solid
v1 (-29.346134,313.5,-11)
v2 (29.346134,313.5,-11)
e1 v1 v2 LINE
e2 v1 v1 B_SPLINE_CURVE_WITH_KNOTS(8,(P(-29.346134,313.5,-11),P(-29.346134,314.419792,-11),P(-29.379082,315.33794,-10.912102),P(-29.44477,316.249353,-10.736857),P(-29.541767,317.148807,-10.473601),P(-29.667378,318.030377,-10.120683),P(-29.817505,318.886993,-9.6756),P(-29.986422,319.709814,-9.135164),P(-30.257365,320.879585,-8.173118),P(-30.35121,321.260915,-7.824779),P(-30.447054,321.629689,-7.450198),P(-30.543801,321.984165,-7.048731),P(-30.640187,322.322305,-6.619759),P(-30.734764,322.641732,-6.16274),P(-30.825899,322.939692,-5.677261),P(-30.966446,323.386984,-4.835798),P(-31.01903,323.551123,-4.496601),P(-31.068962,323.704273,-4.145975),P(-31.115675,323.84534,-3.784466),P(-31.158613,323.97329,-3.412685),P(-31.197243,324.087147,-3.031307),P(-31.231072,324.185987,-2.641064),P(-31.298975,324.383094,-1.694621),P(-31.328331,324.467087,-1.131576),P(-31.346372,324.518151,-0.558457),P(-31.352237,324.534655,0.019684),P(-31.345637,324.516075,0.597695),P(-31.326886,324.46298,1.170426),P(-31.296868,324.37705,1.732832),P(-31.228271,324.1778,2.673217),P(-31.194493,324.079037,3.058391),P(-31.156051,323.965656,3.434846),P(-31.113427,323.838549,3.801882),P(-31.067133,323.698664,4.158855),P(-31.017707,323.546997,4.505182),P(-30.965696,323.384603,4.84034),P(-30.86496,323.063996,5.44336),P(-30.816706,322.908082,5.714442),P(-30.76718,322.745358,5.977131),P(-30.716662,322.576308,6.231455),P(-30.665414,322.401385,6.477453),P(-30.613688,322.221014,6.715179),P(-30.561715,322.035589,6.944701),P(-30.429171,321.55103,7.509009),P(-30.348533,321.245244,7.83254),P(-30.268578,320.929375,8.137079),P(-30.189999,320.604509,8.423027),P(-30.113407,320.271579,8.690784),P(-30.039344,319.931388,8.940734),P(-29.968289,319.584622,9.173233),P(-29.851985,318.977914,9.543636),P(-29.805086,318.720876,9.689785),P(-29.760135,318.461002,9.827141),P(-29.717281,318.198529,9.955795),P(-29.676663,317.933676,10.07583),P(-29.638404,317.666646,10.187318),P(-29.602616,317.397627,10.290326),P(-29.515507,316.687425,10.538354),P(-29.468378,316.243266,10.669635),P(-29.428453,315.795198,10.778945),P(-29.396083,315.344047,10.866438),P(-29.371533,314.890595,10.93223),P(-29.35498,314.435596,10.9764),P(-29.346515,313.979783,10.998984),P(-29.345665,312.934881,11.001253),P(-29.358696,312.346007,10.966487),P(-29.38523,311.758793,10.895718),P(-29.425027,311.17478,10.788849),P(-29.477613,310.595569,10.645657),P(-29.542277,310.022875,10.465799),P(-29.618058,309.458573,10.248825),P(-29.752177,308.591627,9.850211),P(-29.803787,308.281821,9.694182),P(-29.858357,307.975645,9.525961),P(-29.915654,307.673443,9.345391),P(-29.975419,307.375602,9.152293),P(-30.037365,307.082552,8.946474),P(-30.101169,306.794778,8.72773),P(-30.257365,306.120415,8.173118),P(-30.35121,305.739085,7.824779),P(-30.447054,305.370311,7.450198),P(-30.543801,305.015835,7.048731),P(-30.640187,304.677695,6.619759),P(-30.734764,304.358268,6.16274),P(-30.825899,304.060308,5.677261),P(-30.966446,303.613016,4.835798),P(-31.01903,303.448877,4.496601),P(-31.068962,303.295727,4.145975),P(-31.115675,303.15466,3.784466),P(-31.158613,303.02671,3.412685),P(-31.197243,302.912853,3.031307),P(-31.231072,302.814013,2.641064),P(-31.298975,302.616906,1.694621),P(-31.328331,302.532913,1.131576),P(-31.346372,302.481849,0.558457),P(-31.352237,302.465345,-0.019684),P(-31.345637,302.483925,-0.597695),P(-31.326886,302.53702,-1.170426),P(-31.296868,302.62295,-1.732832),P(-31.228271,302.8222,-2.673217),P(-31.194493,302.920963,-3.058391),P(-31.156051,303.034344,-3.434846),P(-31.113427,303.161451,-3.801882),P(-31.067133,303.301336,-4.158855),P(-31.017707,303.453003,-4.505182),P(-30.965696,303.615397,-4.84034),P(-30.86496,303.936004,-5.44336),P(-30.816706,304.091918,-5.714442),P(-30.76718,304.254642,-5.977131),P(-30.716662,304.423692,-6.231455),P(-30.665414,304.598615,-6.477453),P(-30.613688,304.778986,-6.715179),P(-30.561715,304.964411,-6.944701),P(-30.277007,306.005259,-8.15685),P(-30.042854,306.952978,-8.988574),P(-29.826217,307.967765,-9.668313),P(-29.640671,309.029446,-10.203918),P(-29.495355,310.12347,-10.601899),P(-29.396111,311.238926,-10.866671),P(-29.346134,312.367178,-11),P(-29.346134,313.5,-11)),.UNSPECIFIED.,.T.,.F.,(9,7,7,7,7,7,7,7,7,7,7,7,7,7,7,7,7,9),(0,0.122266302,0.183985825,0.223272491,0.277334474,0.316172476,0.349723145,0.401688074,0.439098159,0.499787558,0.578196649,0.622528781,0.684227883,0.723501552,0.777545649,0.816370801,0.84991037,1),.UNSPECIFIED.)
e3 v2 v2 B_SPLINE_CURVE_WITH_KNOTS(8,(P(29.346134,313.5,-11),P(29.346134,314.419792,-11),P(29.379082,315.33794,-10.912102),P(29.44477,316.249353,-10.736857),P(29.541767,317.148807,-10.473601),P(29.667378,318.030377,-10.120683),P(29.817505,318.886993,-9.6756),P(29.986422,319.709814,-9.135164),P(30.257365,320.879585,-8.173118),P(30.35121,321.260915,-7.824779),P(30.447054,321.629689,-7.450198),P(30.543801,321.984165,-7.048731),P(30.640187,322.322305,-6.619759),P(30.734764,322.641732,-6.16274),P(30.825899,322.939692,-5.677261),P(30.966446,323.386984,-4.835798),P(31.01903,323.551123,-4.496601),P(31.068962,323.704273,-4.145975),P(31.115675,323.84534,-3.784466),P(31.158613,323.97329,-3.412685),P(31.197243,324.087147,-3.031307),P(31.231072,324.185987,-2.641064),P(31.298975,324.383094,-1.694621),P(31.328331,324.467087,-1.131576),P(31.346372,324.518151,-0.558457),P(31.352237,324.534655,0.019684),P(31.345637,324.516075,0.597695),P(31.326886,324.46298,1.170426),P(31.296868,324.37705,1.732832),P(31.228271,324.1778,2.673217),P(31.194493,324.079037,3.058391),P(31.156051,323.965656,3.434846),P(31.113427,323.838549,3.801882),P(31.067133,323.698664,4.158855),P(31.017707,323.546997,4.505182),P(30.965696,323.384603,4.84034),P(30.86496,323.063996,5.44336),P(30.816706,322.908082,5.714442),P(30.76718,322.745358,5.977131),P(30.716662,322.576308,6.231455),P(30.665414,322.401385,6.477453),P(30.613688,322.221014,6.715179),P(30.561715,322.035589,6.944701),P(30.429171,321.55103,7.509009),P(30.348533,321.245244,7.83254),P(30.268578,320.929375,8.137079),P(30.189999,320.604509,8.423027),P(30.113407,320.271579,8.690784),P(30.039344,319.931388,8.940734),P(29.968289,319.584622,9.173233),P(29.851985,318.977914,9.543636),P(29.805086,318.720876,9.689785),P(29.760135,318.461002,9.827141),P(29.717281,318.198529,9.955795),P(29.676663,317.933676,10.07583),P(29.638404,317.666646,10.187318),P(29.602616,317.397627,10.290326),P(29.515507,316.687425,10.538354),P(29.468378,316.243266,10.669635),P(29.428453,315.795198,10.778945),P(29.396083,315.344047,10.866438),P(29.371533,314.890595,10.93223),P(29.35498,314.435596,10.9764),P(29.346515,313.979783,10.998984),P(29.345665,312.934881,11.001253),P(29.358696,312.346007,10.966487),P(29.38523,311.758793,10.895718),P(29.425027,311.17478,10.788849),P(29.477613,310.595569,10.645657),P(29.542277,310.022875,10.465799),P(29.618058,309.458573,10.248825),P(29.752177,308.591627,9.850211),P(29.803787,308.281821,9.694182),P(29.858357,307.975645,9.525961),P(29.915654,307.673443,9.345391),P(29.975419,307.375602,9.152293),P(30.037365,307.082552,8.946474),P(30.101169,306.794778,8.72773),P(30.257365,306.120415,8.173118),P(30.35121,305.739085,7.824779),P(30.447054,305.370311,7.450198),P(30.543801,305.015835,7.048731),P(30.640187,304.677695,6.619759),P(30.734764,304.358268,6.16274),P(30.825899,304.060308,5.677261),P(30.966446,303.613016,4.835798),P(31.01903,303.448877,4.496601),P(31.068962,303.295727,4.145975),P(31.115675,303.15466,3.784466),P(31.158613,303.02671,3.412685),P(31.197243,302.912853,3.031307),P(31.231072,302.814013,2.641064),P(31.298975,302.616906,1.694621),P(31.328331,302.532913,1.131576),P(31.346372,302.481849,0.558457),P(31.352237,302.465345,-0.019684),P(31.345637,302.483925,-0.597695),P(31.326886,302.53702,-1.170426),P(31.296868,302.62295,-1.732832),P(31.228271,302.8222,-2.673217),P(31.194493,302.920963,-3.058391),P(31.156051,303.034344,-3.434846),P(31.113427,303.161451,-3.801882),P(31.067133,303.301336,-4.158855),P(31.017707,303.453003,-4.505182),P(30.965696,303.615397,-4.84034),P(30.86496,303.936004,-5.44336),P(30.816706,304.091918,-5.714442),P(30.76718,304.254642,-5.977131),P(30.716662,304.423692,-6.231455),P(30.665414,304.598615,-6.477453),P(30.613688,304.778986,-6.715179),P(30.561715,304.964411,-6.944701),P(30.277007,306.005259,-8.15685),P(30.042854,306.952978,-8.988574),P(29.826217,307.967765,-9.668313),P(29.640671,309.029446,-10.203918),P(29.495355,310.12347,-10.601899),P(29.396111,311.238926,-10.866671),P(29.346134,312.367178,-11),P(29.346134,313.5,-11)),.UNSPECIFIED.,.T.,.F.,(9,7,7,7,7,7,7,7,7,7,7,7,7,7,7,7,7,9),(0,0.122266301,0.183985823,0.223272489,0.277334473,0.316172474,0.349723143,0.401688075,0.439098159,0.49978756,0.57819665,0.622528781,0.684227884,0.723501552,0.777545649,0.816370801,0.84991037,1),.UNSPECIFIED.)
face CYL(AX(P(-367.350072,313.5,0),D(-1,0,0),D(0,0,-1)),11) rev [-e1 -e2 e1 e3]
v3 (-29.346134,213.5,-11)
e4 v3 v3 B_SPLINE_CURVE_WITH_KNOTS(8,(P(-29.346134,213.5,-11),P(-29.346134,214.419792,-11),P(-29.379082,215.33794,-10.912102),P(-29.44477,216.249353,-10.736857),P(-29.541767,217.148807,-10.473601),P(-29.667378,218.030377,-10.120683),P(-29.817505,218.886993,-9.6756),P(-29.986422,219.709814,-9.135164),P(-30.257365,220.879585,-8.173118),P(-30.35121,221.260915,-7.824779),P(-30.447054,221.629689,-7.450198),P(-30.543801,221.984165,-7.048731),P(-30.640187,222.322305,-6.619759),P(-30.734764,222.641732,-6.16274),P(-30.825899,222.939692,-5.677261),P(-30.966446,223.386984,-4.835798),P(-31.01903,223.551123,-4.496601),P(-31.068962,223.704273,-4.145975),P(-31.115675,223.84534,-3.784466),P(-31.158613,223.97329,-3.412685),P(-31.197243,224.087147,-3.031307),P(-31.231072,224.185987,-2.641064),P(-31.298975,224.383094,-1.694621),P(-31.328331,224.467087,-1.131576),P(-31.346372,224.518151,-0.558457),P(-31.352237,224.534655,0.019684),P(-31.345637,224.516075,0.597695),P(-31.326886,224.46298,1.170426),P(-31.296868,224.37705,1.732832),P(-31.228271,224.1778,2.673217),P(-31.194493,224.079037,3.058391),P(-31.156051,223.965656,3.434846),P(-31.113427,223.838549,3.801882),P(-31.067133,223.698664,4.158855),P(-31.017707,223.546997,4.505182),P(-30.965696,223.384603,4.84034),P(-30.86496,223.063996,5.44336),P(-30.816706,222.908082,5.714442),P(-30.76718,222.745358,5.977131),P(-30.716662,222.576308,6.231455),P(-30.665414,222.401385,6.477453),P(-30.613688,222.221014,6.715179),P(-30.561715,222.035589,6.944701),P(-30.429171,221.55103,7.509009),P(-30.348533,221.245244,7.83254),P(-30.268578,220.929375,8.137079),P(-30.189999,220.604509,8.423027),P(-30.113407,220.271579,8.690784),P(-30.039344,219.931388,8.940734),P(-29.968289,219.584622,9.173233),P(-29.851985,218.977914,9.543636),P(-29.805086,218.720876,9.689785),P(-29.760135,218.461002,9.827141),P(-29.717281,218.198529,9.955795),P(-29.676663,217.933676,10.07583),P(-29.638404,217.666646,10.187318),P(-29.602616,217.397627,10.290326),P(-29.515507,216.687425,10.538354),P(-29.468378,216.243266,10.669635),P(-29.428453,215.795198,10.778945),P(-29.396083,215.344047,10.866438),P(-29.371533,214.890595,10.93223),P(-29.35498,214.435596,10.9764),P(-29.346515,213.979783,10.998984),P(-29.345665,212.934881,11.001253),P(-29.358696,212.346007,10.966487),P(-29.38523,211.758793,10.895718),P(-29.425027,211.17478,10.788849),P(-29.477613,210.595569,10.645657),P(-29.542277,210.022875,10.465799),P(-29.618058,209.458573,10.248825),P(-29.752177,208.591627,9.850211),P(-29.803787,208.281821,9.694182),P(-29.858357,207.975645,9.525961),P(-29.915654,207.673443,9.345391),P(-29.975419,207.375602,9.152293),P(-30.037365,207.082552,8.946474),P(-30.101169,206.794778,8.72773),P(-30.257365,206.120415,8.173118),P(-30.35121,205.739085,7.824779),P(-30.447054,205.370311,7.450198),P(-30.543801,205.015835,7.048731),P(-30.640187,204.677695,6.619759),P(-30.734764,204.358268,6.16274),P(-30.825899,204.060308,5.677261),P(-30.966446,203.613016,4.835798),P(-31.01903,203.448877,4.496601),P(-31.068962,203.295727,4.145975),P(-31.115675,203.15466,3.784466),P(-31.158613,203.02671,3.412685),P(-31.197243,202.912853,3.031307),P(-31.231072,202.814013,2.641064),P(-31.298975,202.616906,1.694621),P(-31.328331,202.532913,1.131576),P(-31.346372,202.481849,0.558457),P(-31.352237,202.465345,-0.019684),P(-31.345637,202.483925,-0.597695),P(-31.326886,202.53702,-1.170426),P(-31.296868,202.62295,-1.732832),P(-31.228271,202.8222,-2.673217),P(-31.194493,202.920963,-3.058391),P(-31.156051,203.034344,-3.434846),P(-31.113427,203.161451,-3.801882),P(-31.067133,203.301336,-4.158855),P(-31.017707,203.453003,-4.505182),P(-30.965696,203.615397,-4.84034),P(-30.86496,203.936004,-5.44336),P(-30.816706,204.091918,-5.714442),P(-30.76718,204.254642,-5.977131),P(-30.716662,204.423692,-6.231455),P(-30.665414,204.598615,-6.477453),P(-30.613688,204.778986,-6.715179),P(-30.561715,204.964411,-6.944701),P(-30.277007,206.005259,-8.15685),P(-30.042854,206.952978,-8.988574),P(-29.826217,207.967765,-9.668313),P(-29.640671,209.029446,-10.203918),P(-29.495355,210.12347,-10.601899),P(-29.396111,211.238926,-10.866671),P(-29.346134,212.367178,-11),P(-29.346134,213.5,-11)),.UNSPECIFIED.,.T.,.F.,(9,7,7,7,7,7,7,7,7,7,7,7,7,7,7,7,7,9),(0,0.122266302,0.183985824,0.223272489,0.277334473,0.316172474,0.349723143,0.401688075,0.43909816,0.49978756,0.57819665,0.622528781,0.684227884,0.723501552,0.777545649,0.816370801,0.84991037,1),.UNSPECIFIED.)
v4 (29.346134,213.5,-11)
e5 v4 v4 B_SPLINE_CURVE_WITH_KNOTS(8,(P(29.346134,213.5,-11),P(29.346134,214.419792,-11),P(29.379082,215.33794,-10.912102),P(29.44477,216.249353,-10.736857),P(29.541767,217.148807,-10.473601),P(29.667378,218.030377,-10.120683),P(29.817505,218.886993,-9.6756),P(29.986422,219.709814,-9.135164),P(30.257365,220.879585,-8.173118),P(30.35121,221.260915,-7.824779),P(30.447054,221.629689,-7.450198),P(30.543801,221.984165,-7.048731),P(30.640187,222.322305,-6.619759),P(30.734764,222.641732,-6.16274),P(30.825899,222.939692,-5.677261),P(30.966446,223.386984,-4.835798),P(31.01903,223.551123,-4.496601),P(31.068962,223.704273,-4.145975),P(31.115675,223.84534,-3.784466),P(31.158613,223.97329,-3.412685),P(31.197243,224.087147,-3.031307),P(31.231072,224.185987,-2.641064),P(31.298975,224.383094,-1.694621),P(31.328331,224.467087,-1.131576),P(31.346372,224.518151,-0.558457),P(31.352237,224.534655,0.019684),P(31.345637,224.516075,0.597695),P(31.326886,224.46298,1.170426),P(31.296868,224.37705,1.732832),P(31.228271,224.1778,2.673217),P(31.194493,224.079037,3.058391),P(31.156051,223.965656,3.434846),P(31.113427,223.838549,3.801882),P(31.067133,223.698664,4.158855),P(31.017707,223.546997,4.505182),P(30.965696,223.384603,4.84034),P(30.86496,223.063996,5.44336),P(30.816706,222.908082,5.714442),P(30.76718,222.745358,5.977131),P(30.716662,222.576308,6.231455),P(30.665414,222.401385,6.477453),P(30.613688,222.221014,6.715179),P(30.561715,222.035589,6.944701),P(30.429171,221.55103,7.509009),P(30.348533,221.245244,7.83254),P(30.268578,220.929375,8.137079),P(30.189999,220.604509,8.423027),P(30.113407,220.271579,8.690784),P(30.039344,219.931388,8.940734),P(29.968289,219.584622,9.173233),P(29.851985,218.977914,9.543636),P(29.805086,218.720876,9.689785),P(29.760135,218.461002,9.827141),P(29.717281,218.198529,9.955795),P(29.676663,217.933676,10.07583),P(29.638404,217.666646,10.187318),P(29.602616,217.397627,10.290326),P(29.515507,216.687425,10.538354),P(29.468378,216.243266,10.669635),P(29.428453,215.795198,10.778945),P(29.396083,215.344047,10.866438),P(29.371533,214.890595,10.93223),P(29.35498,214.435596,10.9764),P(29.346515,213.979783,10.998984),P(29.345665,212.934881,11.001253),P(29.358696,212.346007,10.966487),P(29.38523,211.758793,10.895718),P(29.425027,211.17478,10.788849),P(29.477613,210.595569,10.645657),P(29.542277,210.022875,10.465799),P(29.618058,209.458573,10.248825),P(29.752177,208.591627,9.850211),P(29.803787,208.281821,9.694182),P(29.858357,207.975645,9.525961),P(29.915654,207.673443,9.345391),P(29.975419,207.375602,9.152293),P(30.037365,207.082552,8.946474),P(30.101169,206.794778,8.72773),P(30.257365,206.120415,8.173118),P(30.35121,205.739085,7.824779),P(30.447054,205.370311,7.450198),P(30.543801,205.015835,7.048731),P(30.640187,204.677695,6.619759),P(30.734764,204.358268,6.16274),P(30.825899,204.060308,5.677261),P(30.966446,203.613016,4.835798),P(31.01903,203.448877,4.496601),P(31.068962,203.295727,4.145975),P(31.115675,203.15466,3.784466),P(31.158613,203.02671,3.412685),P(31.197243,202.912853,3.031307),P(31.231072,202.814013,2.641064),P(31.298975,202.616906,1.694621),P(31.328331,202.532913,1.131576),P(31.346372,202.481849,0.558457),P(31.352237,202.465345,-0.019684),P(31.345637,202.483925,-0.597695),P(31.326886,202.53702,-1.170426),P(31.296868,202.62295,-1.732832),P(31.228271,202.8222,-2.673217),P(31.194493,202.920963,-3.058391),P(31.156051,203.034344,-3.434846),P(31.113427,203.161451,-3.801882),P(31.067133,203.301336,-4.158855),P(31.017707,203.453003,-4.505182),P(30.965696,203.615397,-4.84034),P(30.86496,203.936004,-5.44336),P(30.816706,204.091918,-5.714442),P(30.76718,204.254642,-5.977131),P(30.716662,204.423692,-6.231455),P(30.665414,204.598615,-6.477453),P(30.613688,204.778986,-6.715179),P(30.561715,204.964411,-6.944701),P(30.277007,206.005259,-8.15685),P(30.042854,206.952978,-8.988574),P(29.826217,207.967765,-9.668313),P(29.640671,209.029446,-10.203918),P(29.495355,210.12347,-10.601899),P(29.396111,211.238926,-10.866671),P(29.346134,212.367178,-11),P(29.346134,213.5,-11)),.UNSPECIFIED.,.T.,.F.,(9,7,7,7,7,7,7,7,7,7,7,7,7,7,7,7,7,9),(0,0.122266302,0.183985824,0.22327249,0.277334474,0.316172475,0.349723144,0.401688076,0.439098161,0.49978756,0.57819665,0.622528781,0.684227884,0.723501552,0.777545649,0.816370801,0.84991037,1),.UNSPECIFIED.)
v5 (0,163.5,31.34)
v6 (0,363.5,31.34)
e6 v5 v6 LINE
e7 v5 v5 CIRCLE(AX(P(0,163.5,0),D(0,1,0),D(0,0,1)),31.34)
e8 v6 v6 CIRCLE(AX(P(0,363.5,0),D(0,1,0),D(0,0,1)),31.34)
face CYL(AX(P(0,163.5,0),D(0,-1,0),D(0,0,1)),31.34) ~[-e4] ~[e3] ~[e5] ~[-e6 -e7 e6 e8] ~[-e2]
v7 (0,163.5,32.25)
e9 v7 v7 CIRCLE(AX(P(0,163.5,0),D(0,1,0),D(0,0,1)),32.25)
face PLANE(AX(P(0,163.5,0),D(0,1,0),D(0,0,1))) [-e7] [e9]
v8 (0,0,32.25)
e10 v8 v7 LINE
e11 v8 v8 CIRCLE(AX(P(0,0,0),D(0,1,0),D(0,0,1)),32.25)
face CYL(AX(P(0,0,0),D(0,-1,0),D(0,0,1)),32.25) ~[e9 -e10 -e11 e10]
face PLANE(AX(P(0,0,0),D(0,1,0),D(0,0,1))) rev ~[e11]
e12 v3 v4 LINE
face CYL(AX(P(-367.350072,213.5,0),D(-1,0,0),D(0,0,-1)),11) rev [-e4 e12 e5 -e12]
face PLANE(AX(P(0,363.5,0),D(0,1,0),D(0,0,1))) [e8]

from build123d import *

# Parameters (mm, degrees)
SKETCH1_R               = 32.25
BOSS_EXTRUDE1_DEPTH     = 163.5
SKETCH2_R               = 31.34
BOSS_EXTRUDE2_DEPTH     = 200
CUT_EXTRUDE1_DEPTH      = 367.350071653
CUT_EXTRUDE1_DEPTH_BACK = 367.350071653
SKETCH3_R               = 11


with BuildPart() as part:
    # Sketch1 → Boss-Extrude1 (new body)
    with BuildSketch(Plane(origin=(0, 0, 0), x_dir=(1, 0, 0), z_dir=(0, 1, 0))):
        with Locations(Location((0, 0, 0), (0, 0, 270))):
            Circle(SKETCH1_R)
    extrude(amount=BOSS_EXTRUDE1_DEPTH)

    # Sketch2 → Boss-Extrude2 (add)
    with BuildSketch(Plane(origin=(0, 163.5, 0), x_dir=(1, 0, 0), z_dir=(0, 1, 0))):
        with Locations(Location((0, 0, 0), (0, 0, 270))):
            Circle(SKETCH2_R)
    extrude(amount=BOSS_EXTRUDE2_DEPTH)

    # Sketch3 → Cut-Extrude1 (cut, two sides: drawn at the far end of the back side and taken through both)
    with BuildSketch(Plane(origin=(0, 0, 0), x_dir=(0, 0, -1), z_dir=(1, 0, 0)).offset(-CUT_EXTRUDE1_DEPTH_BACK)):
        with Locations((0, 213.5)):
            Circle(SKETCH3_R)
        with Locations((0, 313.5)):
            Circle(SKETCH3_R)
    extrude(amount=CUT_EXTRUDE1_DEPTH + CUT_EXTRUDE1_DEPTH_BACK, mode=Mode.SUBTRACT)


solid = part.part
